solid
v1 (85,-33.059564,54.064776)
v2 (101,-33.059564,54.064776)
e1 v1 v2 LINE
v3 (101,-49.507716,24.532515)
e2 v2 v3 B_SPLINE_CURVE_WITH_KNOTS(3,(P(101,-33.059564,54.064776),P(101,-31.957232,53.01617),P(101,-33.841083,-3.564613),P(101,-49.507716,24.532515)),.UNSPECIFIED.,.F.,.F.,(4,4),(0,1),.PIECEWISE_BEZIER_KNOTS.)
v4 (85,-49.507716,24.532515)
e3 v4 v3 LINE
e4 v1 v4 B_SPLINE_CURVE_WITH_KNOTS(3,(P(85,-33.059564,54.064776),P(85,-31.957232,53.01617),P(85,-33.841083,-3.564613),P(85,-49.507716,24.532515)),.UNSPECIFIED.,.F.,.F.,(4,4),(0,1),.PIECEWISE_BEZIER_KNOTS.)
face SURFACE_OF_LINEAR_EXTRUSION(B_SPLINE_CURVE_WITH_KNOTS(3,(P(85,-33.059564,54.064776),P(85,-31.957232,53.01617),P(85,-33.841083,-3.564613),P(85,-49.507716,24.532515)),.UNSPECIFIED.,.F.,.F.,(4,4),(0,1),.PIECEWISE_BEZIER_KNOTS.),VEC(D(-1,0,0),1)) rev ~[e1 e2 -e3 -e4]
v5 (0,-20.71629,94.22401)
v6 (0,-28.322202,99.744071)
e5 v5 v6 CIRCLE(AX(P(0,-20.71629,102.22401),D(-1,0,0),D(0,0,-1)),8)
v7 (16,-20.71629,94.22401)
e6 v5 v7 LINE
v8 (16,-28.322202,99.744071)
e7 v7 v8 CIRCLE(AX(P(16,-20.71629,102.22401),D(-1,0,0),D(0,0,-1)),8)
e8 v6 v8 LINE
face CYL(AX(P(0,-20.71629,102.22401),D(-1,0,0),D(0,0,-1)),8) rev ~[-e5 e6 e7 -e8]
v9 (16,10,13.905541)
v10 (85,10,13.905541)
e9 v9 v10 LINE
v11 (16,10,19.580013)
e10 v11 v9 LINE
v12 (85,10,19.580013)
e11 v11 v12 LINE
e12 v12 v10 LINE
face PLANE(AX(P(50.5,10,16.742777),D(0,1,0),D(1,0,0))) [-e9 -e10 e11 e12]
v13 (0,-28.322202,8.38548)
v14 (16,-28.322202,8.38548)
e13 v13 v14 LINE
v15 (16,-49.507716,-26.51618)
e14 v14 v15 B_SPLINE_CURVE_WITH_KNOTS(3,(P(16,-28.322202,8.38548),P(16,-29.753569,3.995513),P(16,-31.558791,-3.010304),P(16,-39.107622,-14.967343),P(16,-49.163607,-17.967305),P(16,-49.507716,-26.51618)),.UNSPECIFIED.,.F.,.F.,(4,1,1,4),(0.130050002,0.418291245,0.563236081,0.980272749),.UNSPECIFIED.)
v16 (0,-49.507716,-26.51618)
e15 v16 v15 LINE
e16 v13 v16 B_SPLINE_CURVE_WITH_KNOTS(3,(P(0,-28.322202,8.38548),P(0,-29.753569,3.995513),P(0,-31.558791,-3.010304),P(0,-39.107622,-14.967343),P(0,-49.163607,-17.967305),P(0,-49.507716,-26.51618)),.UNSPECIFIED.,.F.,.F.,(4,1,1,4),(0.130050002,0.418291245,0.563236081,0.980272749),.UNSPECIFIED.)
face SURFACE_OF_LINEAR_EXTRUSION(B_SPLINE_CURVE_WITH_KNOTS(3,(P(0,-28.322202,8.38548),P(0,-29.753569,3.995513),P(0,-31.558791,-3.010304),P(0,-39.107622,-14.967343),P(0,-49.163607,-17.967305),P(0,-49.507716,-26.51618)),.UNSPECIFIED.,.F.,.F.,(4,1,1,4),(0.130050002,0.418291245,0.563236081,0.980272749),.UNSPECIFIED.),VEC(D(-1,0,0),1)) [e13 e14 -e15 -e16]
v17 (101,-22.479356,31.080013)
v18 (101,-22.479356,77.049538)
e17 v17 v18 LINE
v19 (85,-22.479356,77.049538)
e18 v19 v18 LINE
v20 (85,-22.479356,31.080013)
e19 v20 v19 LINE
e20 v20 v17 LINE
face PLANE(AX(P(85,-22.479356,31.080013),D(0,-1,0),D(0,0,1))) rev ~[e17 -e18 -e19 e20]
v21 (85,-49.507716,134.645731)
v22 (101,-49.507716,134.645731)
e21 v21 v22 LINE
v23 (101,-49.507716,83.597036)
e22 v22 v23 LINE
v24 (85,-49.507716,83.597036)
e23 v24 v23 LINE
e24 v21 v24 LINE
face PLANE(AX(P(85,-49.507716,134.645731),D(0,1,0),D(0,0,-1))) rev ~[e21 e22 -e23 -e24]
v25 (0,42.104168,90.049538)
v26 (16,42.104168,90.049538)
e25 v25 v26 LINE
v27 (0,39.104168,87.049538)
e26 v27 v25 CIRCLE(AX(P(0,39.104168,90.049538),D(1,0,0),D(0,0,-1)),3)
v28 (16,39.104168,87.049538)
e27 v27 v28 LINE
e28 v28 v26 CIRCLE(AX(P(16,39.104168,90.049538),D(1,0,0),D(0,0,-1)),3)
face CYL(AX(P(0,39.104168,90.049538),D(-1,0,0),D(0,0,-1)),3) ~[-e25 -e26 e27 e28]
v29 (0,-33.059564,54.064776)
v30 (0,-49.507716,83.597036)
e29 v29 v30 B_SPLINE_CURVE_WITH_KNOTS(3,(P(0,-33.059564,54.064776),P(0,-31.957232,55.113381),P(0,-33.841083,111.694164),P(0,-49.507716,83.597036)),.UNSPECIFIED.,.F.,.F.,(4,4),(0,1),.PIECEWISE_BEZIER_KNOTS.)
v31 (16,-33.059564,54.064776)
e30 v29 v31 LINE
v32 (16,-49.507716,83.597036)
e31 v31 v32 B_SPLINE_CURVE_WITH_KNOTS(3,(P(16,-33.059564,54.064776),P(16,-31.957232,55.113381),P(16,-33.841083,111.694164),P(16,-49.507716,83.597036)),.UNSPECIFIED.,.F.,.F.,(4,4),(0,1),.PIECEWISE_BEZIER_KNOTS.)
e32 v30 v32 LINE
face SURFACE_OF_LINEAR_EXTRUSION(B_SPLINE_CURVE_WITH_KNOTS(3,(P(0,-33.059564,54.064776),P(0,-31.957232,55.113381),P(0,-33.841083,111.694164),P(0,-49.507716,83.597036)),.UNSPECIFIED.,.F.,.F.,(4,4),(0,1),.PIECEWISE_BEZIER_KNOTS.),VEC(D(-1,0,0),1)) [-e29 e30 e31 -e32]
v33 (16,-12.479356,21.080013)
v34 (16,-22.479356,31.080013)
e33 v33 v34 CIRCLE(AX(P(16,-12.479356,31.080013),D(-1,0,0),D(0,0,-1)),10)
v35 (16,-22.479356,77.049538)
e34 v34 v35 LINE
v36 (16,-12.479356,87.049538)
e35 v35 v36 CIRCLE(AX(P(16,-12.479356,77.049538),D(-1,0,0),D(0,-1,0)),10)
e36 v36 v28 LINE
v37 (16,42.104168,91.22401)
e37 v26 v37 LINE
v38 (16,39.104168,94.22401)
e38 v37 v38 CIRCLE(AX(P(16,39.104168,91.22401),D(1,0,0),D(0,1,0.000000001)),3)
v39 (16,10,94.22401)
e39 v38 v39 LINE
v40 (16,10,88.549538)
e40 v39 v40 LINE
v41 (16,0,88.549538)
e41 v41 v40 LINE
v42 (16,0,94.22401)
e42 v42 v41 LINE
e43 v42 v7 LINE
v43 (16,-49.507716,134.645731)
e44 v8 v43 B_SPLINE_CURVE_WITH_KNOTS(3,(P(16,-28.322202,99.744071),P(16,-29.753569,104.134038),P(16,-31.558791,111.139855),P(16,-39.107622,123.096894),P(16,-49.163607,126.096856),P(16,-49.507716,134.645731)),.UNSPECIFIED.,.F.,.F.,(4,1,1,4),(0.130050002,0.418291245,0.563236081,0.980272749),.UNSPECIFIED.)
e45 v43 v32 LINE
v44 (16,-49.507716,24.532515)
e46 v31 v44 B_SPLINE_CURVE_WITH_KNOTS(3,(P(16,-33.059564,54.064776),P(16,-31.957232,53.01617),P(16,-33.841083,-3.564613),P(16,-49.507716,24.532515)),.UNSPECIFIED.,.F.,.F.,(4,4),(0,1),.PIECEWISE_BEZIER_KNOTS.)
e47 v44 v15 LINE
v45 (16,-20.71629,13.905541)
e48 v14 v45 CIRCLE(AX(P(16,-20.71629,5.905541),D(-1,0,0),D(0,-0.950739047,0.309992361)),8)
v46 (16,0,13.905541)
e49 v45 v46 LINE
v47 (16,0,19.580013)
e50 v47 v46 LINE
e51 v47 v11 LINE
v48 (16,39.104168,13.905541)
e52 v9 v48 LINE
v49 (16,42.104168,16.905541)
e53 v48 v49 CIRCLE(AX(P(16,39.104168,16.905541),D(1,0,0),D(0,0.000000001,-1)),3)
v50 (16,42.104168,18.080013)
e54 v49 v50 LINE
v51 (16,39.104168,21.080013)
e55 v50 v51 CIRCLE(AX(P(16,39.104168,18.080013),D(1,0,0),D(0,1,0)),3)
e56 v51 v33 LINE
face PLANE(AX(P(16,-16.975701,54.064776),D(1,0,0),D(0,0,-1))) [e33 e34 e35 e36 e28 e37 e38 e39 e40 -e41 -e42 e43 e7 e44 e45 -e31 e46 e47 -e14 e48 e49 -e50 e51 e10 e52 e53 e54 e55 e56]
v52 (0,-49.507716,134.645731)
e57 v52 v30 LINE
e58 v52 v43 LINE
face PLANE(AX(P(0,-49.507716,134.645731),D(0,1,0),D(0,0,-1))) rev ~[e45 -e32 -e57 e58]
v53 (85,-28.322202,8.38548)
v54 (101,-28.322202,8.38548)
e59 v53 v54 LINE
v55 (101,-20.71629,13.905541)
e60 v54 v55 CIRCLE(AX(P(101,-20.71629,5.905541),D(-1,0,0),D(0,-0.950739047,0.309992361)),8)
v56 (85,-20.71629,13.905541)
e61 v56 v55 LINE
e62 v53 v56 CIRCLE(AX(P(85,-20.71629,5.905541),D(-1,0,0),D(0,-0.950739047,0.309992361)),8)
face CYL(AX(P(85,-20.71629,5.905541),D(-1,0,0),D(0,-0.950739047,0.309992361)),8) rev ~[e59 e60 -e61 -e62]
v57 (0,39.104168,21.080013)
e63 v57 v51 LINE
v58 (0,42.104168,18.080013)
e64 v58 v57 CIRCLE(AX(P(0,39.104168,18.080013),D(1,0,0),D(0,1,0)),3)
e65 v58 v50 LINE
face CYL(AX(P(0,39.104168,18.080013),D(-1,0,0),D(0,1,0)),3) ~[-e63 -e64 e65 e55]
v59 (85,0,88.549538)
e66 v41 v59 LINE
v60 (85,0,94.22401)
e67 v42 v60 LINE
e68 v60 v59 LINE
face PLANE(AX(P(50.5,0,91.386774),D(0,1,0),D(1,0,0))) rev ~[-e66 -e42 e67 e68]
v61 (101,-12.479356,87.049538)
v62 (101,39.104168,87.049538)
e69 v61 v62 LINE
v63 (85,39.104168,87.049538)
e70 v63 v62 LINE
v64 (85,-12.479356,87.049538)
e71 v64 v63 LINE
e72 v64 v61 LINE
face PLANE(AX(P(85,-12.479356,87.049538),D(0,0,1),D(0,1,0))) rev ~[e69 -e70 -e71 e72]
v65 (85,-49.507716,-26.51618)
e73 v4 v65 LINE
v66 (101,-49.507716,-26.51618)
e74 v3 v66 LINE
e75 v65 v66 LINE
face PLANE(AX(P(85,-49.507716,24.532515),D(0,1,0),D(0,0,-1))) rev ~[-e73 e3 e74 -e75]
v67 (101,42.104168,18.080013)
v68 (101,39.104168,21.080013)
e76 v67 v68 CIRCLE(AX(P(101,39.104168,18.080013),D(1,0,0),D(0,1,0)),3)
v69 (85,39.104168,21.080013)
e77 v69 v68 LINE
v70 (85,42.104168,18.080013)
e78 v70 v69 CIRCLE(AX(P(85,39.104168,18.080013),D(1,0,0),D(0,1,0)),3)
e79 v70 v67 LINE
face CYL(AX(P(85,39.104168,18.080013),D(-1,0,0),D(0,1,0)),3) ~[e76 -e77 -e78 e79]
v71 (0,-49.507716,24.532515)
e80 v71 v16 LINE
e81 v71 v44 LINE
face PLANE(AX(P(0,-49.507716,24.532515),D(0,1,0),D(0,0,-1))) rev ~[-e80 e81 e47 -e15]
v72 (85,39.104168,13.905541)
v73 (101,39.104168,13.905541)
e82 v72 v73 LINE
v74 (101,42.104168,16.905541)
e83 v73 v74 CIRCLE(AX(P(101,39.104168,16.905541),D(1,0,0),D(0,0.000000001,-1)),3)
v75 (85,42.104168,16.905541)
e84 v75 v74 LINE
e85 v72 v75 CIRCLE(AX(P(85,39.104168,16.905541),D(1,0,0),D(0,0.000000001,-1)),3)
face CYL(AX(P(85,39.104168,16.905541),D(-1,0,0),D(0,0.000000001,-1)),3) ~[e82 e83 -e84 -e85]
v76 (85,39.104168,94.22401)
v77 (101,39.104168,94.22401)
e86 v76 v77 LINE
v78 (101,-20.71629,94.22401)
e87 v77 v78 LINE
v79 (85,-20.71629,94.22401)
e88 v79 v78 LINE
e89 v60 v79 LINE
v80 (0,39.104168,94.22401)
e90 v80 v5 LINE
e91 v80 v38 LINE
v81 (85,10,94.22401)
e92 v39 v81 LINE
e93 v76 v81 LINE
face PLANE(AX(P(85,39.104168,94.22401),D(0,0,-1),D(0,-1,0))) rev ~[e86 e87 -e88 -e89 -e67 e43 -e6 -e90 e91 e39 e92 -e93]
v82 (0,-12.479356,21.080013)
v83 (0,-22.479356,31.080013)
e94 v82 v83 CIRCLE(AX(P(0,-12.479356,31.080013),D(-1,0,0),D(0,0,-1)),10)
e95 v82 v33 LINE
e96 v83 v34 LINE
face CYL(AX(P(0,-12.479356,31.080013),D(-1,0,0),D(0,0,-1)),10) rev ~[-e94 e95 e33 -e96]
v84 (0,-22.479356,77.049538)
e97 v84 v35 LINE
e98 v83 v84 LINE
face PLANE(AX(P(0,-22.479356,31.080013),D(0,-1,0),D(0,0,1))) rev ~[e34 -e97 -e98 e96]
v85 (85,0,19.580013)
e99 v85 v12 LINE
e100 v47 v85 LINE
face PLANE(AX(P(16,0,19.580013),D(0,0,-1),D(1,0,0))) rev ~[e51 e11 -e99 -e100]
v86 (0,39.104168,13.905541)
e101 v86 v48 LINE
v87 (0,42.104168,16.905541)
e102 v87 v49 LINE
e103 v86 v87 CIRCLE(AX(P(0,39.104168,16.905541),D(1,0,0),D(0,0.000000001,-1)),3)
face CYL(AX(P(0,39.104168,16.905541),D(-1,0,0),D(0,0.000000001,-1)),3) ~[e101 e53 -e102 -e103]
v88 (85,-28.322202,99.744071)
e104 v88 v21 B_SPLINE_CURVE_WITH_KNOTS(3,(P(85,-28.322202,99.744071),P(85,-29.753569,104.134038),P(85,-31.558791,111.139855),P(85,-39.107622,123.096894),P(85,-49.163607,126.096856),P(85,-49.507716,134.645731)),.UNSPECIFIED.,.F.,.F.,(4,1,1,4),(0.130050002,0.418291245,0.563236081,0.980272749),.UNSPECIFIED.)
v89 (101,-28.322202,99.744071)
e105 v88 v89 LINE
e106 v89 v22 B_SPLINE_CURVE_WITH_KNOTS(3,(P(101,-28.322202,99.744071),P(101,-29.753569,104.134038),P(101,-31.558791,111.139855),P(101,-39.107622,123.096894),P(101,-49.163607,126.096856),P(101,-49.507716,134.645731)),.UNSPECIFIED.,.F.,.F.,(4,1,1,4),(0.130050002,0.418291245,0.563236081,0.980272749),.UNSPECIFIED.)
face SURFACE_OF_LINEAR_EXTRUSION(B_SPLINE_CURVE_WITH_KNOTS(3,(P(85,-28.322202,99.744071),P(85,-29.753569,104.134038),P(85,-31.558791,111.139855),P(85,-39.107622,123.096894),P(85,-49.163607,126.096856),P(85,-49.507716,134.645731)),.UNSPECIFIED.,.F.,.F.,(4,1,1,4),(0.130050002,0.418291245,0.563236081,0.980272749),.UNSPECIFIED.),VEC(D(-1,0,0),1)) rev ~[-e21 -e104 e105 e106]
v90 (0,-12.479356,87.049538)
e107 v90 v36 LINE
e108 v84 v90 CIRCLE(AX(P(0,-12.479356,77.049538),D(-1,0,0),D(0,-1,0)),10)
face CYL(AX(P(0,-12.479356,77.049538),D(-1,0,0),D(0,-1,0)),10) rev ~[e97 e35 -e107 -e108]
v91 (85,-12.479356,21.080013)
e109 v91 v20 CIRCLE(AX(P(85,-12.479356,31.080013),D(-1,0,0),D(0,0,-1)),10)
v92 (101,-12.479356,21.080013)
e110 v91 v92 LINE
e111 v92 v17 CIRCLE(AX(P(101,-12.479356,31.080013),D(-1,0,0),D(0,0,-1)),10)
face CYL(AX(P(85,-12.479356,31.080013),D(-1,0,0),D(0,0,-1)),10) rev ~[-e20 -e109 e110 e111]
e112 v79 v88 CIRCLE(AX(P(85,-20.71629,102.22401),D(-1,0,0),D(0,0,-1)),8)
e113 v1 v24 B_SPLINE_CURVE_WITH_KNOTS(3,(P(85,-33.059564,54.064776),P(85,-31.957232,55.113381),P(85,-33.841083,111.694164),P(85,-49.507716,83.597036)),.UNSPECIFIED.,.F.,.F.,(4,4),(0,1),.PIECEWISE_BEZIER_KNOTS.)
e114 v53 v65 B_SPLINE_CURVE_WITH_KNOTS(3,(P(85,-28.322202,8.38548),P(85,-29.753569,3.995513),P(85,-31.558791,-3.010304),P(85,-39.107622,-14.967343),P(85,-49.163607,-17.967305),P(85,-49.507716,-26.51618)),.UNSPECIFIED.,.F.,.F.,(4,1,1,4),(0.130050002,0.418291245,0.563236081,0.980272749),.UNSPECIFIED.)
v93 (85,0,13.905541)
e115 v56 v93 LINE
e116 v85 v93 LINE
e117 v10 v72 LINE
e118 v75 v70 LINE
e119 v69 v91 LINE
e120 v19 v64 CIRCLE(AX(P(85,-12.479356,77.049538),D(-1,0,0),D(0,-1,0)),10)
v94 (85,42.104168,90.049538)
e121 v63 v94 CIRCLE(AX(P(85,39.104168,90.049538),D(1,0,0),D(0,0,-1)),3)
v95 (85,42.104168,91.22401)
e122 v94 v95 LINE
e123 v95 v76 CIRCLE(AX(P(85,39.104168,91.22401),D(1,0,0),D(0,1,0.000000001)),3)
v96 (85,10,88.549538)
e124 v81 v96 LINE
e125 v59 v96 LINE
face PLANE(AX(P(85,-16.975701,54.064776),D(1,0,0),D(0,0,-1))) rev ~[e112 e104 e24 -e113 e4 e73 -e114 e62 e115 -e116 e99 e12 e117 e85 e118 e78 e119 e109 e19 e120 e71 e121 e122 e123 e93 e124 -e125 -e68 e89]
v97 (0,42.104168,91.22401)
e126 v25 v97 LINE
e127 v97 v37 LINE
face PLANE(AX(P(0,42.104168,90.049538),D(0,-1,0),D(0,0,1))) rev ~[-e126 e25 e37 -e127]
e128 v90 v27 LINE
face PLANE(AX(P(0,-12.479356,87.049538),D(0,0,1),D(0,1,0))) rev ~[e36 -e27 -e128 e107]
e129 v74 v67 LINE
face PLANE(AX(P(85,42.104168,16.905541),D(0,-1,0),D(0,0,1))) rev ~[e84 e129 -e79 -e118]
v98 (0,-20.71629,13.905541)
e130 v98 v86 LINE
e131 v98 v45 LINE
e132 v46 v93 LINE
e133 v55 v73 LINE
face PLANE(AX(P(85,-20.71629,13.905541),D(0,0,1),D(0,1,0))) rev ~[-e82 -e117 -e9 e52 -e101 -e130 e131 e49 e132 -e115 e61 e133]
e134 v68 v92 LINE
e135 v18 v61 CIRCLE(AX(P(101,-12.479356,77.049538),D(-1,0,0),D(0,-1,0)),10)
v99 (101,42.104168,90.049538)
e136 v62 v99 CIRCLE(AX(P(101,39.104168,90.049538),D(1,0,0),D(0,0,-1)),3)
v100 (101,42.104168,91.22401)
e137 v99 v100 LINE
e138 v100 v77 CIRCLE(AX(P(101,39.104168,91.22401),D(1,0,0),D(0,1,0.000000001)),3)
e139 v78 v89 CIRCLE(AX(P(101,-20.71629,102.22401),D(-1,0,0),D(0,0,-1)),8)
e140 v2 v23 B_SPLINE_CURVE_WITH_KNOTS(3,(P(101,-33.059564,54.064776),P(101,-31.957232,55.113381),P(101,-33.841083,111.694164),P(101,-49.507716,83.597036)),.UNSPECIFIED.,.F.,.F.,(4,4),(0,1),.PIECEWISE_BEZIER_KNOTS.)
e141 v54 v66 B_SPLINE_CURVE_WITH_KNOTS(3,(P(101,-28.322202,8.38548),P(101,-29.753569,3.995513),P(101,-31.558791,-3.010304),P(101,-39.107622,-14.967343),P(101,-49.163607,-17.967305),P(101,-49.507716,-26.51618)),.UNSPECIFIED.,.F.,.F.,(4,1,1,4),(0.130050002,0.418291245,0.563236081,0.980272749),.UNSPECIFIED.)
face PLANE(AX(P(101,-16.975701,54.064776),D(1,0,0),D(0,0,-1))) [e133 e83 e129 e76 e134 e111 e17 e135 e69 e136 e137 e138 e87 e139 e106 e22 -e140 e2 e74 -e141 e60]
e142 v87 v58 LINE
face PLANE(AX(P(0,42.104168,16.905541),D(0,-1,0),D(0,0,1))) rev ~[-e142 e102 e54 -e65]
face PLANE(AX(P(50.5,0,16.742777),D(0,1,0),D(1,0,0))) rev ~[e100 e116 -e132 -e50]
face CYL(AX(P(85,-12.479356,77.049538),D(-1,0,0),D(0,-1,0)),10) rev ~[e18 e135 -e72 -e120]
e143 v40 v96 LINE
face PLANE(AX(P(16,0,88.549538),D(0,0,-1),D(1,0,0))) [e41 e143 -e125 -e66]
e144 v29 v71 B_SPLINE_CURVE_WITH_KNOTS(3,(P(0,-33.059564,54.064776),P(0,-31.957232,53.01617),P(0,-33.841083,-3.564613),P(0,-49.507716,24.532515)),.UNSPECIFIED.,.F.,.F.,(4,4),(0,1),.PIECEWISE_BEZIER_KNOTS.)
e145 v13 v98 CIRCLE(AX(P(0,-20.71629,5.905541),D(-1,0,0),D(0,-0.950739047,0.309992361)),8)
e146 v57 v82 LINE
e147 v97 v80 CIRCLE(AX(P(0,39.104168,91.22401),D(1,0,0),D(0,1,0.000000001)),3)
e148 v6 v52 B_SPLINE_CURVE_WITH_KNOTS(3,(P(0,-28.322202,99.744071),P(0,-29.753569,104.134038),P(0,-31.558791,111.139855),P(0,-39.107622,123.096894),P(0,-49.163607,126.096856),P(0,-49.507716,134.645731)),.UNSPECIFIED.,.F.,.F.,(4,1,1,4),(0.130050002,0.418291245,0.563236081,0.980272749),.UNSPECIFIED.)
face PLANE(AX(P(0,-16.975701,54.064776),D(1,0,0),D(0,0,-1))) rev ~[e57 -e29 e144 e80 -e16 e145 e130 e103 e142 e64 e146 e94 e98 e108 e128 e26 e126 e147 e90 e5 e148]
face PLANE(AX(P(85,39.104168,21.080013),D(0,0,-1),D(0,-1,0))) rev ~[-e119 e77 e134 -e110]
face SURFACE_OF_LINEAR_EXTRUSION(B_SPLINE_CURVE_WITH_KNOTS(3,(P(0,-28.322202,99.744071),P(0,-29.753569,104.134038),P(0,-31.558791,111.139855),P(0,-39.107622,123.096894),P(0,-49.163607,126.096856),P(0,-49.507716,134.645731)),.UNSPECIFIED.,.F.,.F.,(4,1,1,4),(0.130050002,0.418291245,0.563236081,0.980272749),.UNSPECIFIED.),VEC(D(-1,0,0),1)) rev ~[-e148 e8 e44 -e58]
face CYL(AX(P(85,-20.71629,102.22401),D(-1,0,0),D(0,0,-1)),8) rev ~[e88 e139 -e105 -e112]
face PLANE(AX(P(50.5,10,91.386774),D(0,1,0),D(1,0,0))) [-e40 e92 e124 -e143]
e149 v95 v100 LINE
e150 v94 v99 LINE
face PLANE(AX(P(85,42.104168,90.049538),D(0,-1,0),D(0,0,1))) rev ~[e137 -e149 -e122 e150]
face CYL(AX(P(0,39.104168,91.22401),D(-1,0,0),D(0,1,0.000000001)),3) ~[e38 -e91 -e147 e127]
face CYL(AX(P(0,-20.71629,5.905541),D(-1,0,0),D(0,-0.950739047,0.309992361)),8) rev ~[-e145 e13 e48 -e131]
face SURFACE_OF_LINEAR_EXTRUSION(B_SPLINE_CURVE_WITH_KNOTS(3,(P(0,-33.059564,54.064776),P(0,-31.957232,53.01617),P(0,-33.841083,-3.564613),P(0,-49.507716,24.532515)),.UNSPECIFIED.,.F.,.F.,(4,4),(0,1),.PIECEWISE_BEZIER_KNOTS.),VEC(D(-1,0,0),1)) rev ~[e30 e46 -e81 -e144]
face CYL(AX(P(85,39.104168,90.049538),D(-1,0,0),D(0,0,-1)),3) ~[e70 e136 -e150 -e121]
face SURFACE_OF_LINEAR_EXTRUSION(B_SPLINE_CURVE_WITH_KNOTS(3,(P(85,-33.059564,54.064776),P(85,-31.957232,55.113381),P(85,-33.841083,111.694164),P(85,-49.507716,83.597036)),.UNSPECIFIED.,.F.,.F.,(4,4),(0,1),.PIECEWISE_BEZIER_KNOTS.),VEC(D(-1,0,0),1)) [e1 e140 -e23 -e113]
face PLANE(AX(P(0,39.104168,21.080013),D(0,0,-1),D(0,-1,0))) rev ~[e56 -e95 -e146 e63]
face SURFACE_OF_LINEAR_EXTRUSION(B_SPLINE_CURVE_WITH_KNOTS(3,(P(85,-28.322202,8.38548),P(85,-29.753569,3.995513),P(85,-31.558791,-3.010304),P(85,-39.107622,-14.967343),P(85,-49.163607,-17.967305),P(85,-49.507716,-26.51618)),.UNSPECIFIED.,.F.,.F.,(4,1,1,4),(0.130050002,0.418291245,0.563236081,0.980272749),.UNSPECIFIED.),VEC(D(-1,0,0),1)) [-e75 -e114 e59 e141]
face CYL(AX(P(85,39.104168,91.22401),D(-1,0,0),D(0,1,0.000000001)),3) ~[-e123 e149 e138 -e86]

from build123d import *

# Parameters (mm, degrees)
EXTRUDE_1_DEPTH = 16
SKETCH_2_W      = 69
SKETCH_2_H      = 5.674471655
EXTRUDE_2_DEPTH = 10


with BuildPart() as part:
    # 草图1 → 凸台-拉伸1 (new body)
    with BuildSketch(Plane(origin=(0, 0, 0), x_dir=(0, 0, -1), z_dir=(1, 0, 0))):
        with BuildLine():
            Line((-90.049538089, 42.104167983), (-91.224009744, 42.104167983))
            ThreePointArc((-91.224009744, 42.104167983), (-93.345330087, 41.225488326), (-94.224009744, 39.104167983))
            Line((-94.224009744, 39.104167983), (-94.224009744, -20.716289887))
            ThreePointArc((-94.224009744, -20.716289887), (-95.749462998, -25.415251948), (-99.744070854, -28.322202266))
            add(Edge.make_bspline(
                [(-99.744070854, -28.322202266), (-104.134038199, -29.753569103), (-111.139855432, -31.558791211), (-123.096893998, -39.107622001), (-126.096856362, -49.163607245), (-134.645731206, -49.507715511)],
                knots=[0.130050002, 0.130050002, 0.130050002, 0.130050002, 0.418291245, 0.563236081, 0.980272749, 0.980272749, 0.980272749, 0.980272749], degree=3))
            Line((-134.645731206, -49.507715511), (-83.597035684, -49.507715511))
            add(Edge.make_bspline(
                [(-54.064775511, -33.059564163), (-55.113380914, -31.957231859), (-111.694163527, -33.841083074), (-83.597035684, -49.507715511)],
                knots=[0, 0, 0, 0, 1, 1, 1, 1], degree=3))
            add(Edge.make_bspline(
                [(-54.064775511, -33.059564163), (-53.016170109, -31.957231859), (3.564612504, -33.841083074), (-24.532515339, -49.507715511)],
                knots=[0, 0, 0, 0, 1, 1, 1, 1], degree=3))
            Line((-24.532515339, -49.507715511), (26.516180183, -49.507715511))
            add(Edge.make_bspline(
                [(-8.385480169, -28.322202266), (-3.995512823, -29.753569103), (3.010304409, -31.558791211), (14.967342975, -39.107622001), (17.967305339, -49.163607245), (26.516180183, -49.507715511)],
                knots=[0.130050002, 0.130050002, 0.130050002, 0.130050002, 0.418291245, 0.563236081, 0.980272749, 0.980272749, 0.980272749, 0.980272749], degree=3))
            ThreePointArc((-8.385480169, -28.322202266), (-12.380088025, -25.415251948), (-13.905541279, -20.716289887))
            Line((-13.905541279, -20.716289887), (-13.905541279, 39.104167983))
            ThreePointArc((-13.905541279, 39.104167983), (-14.784220936, 41.225488326), (-16.905541279, 42.104167983))
            Line((-16.905541279, 42.104167983), (-18.080012934, 42.104167983))
            ThreePointArc((-18.080012934, 42.104167983), (-20.201333278, 41.225488326), (-21.080012934, 39.104167983))
            Line((-21.080012934, 39.104167983), (-21.080012934, -12.479355565))
            ThreePointArc((-21.080012934, -12.479355565), (-24.008945122, -19.550423377), (-31.080012934, -22.479355565))
            Line((-31.080012934, -22.479355565), (-44.127966284, -22.479355565))
            Line((-44.127966284, -22.479355565), (-54.064775511, -22.479355565))
            Line((-54.064775511, -22.479355565), (-64.001584739, -22.479355565))
            Line((-64.001584739, -22.479355565), (-77.049538089, -22.479355565))
            ThreePointArc((-77.049538089, -22.479355565), (-84.120605901, -19.550423377), (-87.049538089, -12.479355565))
            Line((-87.049538089, -12.479355565), (-87.049538089, 39.104167983))
            ThreePointArc((-87.049538089, 39.104167983), (-87.928217745, 41.225488326), (-90.049538089, 42.104167983))
        make_face()
    extrude(amount=EXTRUDE_1_DEPTH)


with BuildPart() as body_2:
    # Move Body 1: copy of part
    add(part.part.moved(Location((85, 0, 0))))


with BuildPart() as part_1:
    add(part.part)

    add(body_2.part)  # 凸台-拉伸2 merges body 2
    # 草图2 → 凸台-拉伸2 (add)
    with BuildSketch(Plane(origin=(0, 0, 0), x_dir=(1, 0, 0), z_dir=(0, 1, 0))):
        with Locations((50.5, -91.386773917)):
            Rectangle(SKETCH_2_W, SKETCH_2_H)
        with Locations((50.5, -16.742777107)):
            Rectangle(SKETCH_2_W, SKETCH_2_H)
    extrude(amount=EXTRUDE_2_DEPTH)


solid = part_1.part
